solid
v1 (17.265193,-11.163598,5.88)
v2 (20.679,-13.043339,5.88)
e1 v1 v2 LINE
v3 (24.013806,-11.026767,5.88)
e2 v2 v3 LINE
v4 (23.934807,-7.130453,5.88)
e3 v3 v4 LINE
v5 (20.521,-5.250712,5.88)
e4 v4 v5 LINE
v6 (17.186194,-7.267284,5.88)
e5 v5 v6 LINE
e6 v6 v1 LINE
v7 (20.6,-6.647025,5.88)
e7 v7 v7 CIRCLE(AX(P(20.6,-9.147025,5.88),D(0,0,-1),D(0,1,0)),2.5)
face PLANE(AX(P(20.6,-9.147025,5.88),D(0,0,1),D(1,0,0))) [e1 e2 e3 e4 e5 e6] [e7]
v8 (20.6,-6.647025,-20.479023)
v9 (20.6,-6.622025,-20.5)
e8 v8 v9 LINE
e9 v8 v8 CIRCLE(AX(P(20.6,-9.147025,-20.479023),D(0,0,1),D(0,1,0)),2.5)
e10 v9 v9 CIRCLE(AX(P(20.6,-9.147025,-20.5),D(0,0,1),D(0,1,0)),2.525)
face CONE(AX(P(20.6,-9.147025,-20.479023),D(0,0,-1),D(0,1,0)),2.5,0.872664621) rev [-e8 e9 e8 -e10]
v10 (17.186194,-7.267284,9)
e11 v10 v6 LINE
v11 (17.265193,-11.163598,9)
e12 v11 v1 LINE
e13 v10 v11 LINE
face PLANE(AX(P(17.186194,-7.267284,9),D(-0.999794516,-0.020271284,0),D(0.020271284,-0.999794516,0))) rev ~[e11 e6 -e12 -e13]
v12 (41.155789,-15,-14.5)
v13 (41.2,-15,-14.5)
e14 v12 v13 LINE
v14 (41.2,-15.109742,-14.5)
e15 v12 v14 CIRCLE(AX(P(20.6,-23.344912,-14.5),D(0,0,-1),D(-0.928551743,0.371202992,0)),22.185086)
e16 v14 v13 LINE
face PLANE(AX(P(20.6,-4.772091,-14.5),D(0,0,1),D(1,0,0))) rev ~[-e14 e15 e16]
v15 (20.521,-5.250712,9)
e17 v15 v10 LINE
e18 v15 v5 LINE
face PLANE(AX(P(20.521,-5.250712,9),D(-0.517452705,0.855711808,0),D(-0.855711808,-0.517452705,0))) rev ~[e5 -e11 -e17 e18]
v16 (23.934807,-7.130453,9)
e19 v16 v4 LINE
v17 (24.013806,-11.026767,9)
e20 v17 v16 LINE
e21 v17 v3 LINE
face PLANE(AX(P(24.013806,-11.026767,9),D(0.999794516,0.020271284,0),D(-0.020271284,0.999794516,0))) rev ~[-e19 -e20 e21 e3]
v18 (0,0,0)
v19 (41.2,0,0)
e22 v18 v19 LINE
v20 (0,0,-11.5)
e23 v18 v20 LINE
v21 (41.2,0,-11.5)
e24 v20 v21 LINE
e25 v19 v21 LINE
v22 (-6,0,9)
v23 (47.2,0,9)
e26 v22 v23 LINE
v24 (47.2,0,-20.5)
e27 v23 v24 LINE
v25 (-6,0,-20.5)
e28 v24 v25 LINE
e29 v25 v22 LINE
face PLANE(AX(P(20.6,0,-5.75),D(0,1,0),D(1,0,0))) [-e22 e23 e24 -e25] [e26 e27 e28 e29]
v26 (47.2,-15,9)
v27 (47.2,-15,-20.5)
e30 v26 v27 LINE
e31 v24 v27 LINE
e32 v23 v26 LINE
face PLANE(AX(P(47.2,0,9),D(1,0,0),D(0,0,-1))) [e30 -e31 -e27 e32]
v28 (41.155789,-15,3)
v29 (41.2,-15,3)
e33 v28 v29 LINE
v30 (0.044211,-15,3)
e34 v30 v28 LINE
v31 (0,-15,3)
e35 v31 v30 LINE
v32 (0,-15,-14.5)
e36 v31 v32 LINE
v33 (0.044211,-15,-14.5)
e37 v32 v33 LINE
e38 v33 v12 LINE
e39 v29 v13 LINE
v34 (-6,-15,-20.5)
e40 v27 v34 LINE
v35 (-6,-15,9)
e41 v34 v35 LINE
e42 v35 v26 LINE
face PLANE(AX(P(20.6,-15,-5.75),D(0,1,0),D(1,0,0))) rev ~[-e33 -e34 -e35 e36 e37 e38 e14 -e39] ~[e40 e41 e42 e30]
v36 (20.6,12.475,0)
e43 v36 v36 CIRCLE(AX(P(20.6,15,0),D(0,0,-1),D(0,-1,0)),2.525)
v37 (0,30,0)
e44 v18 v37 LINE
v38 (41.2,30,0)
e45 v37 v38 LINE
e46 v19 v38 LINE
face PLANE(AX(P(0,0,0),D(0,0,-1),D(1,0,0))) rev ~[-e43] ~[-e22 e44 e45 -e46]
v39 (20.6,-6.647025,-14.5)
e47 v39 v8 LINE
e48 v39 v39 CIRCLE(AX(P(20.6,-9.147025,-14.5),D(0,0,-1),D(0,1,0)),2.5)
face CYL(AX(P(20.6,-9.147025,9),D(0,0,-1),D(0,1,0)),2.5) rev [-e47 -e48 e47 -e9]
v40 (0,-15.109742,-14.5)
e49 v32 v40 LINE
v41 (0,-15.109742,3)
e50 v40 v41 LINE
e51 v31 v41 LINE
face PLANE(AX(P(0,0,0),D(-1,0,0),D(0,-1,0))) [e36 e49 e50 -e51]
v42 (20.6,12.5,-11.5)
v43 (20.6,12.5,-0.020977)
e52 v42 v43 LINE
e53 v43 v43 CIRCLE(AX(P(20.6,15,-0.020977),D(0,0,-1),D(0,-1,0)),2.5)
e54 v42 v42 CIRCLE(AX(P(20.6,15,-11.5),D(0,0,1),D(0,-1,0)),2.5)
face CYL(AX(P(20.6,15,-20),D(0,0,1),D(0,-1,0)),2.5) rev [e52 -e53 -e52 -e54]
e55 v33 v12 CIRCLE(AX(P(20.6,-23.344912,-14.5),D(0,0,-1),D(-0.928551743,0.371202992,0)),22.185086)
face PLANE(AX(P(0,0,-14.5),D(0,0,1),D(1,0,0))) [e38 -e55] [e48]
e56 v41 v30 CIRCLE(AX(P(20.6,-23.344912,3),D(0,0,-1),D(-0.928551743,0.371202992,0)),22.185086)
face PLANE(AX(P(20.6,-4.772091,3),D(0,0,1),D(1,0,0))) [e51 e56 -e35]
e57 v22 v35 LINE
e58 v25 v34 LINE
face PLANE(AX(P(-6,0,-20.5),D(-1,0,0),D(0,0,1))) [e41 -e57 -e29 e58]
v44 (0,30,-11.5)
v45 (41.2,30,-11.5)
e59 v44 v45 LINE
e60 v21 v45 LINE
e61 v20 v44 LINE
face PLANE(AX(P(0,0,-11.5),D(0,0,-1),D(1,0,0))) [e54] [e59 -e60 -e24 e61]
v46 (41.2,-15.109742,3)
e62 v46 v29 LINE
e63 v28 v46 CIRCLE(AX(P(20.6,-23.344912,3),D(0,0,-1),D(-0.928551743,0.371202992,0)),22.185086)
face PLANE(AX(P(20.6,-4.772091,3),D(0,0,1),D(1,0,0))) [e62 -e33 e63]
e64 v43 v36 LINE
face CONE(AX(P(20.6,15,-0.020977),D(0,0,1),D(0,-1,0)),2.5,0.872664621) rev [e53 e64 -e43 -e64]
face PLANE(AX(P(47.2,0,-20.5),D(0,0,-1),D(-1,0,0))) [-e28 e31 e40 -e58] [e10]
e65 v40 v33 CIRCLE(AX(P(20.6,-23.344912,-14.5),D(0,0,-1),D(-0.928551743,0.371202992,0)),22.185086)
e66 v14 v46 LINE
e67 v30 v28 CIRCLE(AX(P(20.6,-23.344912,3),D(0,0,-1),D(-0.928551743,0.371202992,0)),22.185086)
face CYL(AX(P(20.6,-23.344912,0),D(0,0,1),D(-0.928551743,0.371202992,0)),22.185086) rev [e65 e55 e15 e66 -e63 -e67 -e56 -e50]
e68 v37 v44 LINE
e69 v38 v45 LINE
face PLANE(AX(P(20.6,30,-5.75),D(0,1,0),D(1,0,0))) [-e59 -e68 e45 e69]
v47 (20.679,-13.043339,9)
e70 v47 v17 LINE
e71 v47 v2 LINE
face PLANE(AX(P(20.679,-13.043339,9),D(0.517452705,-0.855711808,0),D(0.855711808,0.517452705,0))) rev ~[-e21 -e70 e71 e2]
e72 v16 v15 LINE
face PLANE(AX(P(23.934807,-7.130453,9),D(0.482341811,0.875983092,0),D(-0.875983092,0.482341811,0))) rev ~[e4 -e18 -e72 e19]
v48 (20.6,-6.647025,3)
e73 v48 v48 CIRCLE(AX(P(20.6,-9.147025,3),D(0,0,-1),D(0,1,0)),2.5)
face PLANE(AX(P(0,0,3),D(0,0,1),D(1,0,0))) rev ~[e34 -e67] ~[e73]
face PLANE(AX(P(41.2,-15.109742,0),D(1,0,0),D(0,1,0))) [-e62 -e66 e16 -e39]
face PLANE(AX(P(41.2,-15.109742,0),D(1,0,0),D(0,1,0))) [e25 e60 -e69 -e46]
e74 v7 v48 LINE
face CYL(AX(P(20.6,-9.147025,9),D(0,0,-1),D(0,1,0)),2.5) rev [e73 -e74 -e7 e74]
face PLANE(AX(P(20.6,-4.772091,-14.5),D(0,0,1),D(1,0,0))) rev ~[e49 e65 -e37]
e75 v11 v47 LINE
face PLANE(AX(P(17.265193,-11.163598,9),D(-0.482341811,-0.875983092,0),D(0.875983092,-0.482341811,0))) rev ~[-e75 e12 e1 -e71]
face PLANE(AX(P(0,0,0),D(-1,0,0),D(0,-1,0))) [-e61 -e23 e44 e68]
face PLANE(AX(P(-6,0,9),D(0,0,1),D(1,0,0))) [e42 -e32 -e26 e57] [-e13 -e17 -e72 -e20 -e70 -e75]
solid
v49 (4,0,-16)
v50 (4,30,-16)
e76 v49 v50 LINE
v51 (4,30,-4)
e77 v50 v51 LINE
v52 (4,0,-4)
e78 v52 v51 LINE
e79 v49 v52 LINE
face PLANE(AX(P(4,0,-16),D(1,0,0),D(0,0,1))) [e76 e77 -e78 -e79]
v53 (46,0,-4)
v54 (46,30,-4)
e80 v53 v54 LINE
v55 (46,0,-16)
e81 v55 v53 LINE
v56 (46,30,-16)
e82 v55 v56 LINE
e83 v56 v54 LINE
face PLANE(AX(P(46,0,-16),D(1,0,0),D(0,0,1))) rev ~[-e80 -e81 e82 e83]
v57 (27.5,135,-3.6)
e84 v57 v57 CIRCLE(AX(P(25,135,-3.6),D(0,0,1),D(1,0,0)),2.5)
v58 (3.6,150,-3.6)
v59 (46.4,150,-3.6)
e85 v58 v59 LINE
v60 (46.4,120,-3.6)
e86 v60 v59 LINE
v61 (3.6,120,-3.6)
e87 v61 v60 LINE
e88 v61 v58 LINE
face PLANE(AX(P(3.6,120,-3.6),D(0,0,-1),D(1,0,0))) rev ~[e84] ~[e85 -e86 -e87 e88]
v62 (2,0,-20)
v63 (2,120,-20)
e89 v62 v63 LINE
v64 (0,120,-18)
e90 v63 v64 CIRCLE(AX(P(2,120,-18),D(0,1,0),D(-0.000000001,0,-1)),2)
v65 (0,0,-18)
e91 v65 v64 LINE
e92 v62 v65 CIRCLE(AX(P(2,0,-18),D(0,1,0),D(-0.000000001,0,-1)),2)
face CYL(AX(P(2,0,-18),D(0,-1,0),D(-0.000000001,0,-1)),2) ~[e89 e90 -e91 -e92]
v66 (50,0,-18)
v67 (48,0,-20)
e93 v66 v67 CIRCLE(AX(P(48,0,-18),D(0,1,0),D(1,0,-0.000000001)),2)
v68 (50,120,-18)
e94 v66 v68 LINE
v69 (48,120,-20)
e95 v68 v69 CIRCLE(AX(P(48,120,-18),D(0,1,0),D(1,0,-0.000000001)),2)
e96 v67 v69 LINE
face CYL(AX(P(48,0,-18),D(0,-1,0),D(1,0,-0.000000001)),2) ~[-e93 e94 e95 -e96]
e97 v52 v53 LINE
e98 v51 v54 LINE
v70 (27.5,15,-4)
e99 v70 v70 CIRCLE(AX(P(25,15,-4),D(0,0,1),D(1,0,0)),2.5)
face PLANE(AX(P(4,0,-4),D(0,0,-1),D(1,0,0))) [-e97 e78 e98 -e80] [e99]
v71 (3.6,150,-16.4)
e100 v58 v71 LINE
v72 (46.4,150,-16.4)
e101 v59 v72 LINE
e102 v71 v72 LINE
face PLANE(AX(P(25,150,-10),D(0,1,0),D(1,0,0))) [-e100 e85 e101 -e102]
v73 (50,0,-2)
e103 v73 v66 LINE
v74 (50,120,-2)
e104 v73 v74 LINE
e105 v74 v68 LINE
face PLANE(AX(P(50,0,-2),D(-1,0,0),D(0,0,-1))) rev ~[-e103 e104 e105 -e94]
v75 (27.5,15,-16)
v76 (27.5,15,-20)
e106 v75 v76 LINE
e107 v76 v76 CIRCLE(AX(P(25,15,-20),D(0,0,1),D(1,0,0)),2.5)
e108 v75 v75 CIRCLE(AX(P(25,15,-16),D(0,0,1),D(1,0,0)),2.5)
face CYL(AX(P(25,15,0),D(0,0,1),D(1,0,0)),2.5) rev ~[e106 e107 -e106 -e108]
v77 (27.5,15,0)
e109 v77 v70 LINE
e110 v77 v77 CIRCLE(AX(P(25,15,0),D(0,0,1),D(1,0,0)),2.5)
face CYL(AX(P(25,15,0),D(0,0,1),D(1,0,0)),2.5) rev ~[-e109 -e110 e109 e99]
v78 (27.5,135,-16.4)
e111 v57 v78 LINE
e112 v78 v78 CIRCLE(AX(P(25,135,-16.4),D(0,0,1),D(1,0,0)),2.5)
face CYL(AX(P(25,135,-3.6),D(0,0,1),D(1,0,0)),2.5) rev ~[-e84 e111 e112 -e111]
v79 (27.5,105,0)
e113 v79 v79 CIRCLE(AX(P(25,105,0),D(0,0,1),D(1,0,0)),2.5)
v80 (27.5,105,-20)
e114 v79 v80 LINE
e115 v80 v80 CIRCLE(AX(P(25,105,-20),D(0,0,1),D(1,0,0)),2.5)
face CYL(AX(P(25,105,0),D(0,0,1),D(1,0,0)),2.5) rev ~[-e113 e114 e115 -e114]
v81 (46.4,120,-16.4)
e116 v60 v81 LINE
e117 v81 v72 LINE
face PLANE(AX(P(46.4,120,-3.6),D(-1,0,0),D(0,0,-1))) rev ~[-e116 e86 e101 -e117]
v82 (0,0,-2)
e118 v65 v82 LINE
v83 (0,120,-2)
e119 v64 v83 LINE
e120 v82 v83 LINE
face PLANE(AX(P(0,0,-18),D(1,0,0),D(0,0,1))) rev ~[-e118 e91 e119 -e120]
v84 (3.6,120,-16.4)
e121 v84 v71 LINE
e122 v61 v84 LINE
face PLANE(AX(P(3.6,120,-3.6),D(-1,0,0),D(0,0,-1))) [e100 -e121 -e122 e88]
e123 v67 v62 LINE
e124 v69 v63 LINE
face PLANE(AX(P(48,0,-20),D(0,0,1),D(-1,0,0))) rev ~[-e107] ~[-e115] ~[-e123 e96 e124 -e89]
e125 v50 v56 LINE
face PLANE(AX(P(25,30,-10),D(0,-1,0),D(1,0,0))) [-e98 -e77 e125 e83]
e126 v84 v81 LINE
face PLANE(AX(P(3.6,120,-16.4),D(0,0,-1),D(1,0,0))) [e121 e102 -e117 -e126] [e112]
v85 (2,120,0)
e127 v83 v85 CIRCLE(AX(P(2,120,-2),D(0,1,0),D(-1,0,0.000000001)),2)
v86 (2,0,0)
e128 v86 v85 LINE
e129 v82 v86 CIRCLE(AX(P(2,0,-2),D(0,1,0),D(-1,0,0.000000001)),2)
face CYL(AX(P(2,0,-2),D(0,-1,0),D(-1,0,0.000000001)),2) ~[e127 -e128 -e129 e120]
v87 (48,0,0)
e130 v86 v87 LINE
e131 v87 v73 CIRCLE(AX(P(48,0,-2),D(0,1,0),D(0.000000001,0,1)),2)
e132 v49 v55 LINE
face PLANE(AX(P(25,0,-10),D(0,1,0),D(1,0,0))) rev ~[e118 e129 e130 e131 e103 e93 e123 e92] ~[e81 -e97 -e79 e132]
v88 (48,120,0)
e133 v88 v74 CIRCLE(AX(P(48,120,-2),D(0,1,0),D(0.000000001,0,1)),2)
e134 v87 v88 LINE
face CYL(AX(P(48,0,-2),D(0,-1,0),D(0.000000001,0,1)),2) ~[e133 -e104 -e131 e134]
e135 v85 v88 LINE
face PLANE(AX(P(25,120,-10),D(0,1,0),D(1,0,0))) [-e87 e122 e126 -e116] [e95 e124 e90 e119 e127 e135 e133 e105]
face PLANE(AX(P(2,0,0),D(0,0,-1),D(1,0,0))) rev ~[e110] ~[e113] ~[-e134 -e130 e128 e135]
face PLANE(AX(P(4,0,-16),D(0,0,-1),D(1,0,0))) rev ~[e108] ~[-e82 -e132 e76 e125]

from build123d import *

# Parameters (mm, degrees)
BOSS_EXTRUDE1_DEPTH      = 120
SKETCH3_W                = 42
SKETCH3_H                = 12
CUT_EXTRUDE2_DEPTH       = 30
SKETCH6_R                = 2.5
CUT_EXTRUDE3_DEPTH       = 30
SKETCH8_W                = 42.8
SKETCH8_H                = 12.8
BOSS_EXTRUDE2_DEPTH      = 30
SKETCH9_R                = 2.5
CUT_EXTRUDE4_DEPTH       = 30
SKETCH11_W               = 41.2
SKETCH11_H               = 11.5
BOSS_EXTRUDE3_DEPTH      = 30
BOSS_EXTRUDE4_DEPTH      = 3
BOSS_EXTRUDE4_DEPTH_BACK = 14.5
SKETCH16_W               = 41.2
SKETCH16_H               = 17.5
BOSS_EXTRUDE5_DEPTH      = 15
CUT_EXTRUDE5_DEPTH       = 3.12


with BuildPart() as part:
    # Sketch1 → Boss-Extrude1 (new body)
    with BuildSketch(Plane(origin=(0, 0, 0), x_dir=(1, 0, 0), z_dir=(0, 1, 0))):
        with BuildLine():
            Line((2, 0), (48, 0))
            ThreePointArc((48, 0), (49.414213562, 0.585786438), (50, 2))
            Line((50, 2), (50, 18))
            ThreePointArc((50, 18), (49.414213562, 19.414213562), (48, 20))
            Line((48, 20), (2, 20))
            ThreePointArc((2, 20), (0.585786438, 19.414213562), (0, 18))
            Line((0, 18), (0, 2))
            ThreePointArc((0, 2), (0.585786438, 0.585786438), (2, 0))
        make_face()
    extrude(amount=BOSS_EXTRUDE1_DEPTH)

    # Sketch3 → Cut-Extrude2 (cut)
    with BuildSketch(Plane.XZ):
        with Locations((25, -10)):
            Rectangle(SKETCH3_W, SKETCH3_H)
    extrude(amount=-CUT_EXTRUDE2_DEPTH, mode=Mode.SUBTRACT)

    # Sketch6 → Cut-Extrude3 (cut)
    with BuildSketch(Plane.XY):
        with Locations((25, 105)):
            Circle(SKETCH6_R)
        with Locations((25, 15)):
            Circle(SKETCH6_R)
    extrude(amount=-CUT_EXTRUDE3_DEPTH, mode=Mode.SUBTRACT)

    # Sketch8 → Boss-Extrude2 (add)
    with BuildSketch(Plane(origin=(0, 120, 0), x_dir=(1, 0, 0), z_dir=(0, 1, 0))):
        with Locations((25, 10)):
            Rectangle(SKETCH8_W, SKETCH8_H)
    extrude(amount=BOSS_EXTRUDE2_DEPTH)

    # Sketch9 → Cut-Extrude4 (cut)
    with BuildSketch(Plane.XY.offset(-3.6)):
        with Locations((25, 135)):
            Circle(SKETCH9_R)
    extrude(amount=-CUT_EXTRUDE4_DEPTH, mode=Mode.SUBTRACT)


with BuildPart() as body_2:
    # Sketch11 → Boss-Extrude3 (new body)
    with BuildSketch(Plane(origin=(0, 0, 0), x_dir=(1, 0, 0), z_dir=(0, 1, 0))):
        with Locations((20.6, 5.75)):
            Rectangle(SKETCH11_W, SKETCH11_H)
    extrude(amount=BOSS_EXTRUDE3_DEPTH)

    # Sketch13 → Ø5.0 (5) Diameter Hole1 (revolve, cut)
    with BuildSketch(Plane(origin=(20.6, 15, 0), x_dir=(0, -1, 0), z_dir=(1, 0, 0))):
        Polygon((0, 0), (0, 20), (2.5, 20), (2.5, 0.020977491), (2.525, 0), align=None)
    revolve(axis=Axis((20.6, 15, 6.35), (0, 0, -1)), mode=Mode.SUBTRACT)

    # Sketch15 → Boss-Extrude4 (add, two sides)
    with BuildSketch(Plane.XY) as boss_extrude4_sk:
        with BuildLine():
            Line((0, 0), (0, -15.109741722))
            ThreePointArc((0, -15.109741722), (20.6, -1.159826197), (41.2, -15.109741722))
            Line((41.2, -15.109741722), (41.2, 0))
            Line((41.2, 0), (0, 0))
        make_face()
    extrude(amount=BOSS_EXTRUDE4_DEPTH)
    extrude(boss_extrude4_sk.sketch, amount=-BOSS_EXTRUDE4_DEPTH_BACK)

    # Sketch16 → Boss-Extrude5 (add)
    with BuildSketch(Plane(origin=(0, 0, 0), x_dir=(1, 0, 0), z_dir=(0, 1, 0))):
        Polygon((-6, 20.5), (-6, 11.5), (-6, 0), (-6, -9), (47.2, -9), (47.2, 0), (47.2, 11.5), (47.2, 20.5), align=None)
        with Locations((20.6, 5.75)):
            Rectangle(SKETCH16_W, SKETCH16_H, mode=Mode.SUBTRACT)
    extrude(amount=-BOSS_EXTRUDE5_DEPTH)

    # Sketch18 → Ø5.0 (5) Diameter Hole2 (revolve, cut)
    with BuildSketch(Plane(origin=(20.6, -9.147025383, -20.5), x_dir=(0, 1, 0), z_dir=(1, 0, 0))):
        Polygon((0, 0), (0, 29.5), (2.5, 29.5), (2.5, 0.020977491), (2.525, 0), align=None)
    revolve(axis=Axis((20.6, -9.147025383, -26.85), (0, 0, 1)), mode=Mode.SUBTRACT)

    # Sketch22 → Cut-Extrude5 (cut)
    with BuildSketch(Plane.XY.offset(9)):
        Polygon((24.013806249, -11.026766561), (23.934806737, -7.130453037), (20.521000488, -5.250711859), (17.186193751, -7.267284205), (17.265193263, -11.163597729), (20.678999512, -13.043338907), align=None)
    extrude(amount=-CUT_EXTRUDE5_DEPTH, mode=Mode.SUBTRACT)


solid = Compound([part.part, body_2.part])
